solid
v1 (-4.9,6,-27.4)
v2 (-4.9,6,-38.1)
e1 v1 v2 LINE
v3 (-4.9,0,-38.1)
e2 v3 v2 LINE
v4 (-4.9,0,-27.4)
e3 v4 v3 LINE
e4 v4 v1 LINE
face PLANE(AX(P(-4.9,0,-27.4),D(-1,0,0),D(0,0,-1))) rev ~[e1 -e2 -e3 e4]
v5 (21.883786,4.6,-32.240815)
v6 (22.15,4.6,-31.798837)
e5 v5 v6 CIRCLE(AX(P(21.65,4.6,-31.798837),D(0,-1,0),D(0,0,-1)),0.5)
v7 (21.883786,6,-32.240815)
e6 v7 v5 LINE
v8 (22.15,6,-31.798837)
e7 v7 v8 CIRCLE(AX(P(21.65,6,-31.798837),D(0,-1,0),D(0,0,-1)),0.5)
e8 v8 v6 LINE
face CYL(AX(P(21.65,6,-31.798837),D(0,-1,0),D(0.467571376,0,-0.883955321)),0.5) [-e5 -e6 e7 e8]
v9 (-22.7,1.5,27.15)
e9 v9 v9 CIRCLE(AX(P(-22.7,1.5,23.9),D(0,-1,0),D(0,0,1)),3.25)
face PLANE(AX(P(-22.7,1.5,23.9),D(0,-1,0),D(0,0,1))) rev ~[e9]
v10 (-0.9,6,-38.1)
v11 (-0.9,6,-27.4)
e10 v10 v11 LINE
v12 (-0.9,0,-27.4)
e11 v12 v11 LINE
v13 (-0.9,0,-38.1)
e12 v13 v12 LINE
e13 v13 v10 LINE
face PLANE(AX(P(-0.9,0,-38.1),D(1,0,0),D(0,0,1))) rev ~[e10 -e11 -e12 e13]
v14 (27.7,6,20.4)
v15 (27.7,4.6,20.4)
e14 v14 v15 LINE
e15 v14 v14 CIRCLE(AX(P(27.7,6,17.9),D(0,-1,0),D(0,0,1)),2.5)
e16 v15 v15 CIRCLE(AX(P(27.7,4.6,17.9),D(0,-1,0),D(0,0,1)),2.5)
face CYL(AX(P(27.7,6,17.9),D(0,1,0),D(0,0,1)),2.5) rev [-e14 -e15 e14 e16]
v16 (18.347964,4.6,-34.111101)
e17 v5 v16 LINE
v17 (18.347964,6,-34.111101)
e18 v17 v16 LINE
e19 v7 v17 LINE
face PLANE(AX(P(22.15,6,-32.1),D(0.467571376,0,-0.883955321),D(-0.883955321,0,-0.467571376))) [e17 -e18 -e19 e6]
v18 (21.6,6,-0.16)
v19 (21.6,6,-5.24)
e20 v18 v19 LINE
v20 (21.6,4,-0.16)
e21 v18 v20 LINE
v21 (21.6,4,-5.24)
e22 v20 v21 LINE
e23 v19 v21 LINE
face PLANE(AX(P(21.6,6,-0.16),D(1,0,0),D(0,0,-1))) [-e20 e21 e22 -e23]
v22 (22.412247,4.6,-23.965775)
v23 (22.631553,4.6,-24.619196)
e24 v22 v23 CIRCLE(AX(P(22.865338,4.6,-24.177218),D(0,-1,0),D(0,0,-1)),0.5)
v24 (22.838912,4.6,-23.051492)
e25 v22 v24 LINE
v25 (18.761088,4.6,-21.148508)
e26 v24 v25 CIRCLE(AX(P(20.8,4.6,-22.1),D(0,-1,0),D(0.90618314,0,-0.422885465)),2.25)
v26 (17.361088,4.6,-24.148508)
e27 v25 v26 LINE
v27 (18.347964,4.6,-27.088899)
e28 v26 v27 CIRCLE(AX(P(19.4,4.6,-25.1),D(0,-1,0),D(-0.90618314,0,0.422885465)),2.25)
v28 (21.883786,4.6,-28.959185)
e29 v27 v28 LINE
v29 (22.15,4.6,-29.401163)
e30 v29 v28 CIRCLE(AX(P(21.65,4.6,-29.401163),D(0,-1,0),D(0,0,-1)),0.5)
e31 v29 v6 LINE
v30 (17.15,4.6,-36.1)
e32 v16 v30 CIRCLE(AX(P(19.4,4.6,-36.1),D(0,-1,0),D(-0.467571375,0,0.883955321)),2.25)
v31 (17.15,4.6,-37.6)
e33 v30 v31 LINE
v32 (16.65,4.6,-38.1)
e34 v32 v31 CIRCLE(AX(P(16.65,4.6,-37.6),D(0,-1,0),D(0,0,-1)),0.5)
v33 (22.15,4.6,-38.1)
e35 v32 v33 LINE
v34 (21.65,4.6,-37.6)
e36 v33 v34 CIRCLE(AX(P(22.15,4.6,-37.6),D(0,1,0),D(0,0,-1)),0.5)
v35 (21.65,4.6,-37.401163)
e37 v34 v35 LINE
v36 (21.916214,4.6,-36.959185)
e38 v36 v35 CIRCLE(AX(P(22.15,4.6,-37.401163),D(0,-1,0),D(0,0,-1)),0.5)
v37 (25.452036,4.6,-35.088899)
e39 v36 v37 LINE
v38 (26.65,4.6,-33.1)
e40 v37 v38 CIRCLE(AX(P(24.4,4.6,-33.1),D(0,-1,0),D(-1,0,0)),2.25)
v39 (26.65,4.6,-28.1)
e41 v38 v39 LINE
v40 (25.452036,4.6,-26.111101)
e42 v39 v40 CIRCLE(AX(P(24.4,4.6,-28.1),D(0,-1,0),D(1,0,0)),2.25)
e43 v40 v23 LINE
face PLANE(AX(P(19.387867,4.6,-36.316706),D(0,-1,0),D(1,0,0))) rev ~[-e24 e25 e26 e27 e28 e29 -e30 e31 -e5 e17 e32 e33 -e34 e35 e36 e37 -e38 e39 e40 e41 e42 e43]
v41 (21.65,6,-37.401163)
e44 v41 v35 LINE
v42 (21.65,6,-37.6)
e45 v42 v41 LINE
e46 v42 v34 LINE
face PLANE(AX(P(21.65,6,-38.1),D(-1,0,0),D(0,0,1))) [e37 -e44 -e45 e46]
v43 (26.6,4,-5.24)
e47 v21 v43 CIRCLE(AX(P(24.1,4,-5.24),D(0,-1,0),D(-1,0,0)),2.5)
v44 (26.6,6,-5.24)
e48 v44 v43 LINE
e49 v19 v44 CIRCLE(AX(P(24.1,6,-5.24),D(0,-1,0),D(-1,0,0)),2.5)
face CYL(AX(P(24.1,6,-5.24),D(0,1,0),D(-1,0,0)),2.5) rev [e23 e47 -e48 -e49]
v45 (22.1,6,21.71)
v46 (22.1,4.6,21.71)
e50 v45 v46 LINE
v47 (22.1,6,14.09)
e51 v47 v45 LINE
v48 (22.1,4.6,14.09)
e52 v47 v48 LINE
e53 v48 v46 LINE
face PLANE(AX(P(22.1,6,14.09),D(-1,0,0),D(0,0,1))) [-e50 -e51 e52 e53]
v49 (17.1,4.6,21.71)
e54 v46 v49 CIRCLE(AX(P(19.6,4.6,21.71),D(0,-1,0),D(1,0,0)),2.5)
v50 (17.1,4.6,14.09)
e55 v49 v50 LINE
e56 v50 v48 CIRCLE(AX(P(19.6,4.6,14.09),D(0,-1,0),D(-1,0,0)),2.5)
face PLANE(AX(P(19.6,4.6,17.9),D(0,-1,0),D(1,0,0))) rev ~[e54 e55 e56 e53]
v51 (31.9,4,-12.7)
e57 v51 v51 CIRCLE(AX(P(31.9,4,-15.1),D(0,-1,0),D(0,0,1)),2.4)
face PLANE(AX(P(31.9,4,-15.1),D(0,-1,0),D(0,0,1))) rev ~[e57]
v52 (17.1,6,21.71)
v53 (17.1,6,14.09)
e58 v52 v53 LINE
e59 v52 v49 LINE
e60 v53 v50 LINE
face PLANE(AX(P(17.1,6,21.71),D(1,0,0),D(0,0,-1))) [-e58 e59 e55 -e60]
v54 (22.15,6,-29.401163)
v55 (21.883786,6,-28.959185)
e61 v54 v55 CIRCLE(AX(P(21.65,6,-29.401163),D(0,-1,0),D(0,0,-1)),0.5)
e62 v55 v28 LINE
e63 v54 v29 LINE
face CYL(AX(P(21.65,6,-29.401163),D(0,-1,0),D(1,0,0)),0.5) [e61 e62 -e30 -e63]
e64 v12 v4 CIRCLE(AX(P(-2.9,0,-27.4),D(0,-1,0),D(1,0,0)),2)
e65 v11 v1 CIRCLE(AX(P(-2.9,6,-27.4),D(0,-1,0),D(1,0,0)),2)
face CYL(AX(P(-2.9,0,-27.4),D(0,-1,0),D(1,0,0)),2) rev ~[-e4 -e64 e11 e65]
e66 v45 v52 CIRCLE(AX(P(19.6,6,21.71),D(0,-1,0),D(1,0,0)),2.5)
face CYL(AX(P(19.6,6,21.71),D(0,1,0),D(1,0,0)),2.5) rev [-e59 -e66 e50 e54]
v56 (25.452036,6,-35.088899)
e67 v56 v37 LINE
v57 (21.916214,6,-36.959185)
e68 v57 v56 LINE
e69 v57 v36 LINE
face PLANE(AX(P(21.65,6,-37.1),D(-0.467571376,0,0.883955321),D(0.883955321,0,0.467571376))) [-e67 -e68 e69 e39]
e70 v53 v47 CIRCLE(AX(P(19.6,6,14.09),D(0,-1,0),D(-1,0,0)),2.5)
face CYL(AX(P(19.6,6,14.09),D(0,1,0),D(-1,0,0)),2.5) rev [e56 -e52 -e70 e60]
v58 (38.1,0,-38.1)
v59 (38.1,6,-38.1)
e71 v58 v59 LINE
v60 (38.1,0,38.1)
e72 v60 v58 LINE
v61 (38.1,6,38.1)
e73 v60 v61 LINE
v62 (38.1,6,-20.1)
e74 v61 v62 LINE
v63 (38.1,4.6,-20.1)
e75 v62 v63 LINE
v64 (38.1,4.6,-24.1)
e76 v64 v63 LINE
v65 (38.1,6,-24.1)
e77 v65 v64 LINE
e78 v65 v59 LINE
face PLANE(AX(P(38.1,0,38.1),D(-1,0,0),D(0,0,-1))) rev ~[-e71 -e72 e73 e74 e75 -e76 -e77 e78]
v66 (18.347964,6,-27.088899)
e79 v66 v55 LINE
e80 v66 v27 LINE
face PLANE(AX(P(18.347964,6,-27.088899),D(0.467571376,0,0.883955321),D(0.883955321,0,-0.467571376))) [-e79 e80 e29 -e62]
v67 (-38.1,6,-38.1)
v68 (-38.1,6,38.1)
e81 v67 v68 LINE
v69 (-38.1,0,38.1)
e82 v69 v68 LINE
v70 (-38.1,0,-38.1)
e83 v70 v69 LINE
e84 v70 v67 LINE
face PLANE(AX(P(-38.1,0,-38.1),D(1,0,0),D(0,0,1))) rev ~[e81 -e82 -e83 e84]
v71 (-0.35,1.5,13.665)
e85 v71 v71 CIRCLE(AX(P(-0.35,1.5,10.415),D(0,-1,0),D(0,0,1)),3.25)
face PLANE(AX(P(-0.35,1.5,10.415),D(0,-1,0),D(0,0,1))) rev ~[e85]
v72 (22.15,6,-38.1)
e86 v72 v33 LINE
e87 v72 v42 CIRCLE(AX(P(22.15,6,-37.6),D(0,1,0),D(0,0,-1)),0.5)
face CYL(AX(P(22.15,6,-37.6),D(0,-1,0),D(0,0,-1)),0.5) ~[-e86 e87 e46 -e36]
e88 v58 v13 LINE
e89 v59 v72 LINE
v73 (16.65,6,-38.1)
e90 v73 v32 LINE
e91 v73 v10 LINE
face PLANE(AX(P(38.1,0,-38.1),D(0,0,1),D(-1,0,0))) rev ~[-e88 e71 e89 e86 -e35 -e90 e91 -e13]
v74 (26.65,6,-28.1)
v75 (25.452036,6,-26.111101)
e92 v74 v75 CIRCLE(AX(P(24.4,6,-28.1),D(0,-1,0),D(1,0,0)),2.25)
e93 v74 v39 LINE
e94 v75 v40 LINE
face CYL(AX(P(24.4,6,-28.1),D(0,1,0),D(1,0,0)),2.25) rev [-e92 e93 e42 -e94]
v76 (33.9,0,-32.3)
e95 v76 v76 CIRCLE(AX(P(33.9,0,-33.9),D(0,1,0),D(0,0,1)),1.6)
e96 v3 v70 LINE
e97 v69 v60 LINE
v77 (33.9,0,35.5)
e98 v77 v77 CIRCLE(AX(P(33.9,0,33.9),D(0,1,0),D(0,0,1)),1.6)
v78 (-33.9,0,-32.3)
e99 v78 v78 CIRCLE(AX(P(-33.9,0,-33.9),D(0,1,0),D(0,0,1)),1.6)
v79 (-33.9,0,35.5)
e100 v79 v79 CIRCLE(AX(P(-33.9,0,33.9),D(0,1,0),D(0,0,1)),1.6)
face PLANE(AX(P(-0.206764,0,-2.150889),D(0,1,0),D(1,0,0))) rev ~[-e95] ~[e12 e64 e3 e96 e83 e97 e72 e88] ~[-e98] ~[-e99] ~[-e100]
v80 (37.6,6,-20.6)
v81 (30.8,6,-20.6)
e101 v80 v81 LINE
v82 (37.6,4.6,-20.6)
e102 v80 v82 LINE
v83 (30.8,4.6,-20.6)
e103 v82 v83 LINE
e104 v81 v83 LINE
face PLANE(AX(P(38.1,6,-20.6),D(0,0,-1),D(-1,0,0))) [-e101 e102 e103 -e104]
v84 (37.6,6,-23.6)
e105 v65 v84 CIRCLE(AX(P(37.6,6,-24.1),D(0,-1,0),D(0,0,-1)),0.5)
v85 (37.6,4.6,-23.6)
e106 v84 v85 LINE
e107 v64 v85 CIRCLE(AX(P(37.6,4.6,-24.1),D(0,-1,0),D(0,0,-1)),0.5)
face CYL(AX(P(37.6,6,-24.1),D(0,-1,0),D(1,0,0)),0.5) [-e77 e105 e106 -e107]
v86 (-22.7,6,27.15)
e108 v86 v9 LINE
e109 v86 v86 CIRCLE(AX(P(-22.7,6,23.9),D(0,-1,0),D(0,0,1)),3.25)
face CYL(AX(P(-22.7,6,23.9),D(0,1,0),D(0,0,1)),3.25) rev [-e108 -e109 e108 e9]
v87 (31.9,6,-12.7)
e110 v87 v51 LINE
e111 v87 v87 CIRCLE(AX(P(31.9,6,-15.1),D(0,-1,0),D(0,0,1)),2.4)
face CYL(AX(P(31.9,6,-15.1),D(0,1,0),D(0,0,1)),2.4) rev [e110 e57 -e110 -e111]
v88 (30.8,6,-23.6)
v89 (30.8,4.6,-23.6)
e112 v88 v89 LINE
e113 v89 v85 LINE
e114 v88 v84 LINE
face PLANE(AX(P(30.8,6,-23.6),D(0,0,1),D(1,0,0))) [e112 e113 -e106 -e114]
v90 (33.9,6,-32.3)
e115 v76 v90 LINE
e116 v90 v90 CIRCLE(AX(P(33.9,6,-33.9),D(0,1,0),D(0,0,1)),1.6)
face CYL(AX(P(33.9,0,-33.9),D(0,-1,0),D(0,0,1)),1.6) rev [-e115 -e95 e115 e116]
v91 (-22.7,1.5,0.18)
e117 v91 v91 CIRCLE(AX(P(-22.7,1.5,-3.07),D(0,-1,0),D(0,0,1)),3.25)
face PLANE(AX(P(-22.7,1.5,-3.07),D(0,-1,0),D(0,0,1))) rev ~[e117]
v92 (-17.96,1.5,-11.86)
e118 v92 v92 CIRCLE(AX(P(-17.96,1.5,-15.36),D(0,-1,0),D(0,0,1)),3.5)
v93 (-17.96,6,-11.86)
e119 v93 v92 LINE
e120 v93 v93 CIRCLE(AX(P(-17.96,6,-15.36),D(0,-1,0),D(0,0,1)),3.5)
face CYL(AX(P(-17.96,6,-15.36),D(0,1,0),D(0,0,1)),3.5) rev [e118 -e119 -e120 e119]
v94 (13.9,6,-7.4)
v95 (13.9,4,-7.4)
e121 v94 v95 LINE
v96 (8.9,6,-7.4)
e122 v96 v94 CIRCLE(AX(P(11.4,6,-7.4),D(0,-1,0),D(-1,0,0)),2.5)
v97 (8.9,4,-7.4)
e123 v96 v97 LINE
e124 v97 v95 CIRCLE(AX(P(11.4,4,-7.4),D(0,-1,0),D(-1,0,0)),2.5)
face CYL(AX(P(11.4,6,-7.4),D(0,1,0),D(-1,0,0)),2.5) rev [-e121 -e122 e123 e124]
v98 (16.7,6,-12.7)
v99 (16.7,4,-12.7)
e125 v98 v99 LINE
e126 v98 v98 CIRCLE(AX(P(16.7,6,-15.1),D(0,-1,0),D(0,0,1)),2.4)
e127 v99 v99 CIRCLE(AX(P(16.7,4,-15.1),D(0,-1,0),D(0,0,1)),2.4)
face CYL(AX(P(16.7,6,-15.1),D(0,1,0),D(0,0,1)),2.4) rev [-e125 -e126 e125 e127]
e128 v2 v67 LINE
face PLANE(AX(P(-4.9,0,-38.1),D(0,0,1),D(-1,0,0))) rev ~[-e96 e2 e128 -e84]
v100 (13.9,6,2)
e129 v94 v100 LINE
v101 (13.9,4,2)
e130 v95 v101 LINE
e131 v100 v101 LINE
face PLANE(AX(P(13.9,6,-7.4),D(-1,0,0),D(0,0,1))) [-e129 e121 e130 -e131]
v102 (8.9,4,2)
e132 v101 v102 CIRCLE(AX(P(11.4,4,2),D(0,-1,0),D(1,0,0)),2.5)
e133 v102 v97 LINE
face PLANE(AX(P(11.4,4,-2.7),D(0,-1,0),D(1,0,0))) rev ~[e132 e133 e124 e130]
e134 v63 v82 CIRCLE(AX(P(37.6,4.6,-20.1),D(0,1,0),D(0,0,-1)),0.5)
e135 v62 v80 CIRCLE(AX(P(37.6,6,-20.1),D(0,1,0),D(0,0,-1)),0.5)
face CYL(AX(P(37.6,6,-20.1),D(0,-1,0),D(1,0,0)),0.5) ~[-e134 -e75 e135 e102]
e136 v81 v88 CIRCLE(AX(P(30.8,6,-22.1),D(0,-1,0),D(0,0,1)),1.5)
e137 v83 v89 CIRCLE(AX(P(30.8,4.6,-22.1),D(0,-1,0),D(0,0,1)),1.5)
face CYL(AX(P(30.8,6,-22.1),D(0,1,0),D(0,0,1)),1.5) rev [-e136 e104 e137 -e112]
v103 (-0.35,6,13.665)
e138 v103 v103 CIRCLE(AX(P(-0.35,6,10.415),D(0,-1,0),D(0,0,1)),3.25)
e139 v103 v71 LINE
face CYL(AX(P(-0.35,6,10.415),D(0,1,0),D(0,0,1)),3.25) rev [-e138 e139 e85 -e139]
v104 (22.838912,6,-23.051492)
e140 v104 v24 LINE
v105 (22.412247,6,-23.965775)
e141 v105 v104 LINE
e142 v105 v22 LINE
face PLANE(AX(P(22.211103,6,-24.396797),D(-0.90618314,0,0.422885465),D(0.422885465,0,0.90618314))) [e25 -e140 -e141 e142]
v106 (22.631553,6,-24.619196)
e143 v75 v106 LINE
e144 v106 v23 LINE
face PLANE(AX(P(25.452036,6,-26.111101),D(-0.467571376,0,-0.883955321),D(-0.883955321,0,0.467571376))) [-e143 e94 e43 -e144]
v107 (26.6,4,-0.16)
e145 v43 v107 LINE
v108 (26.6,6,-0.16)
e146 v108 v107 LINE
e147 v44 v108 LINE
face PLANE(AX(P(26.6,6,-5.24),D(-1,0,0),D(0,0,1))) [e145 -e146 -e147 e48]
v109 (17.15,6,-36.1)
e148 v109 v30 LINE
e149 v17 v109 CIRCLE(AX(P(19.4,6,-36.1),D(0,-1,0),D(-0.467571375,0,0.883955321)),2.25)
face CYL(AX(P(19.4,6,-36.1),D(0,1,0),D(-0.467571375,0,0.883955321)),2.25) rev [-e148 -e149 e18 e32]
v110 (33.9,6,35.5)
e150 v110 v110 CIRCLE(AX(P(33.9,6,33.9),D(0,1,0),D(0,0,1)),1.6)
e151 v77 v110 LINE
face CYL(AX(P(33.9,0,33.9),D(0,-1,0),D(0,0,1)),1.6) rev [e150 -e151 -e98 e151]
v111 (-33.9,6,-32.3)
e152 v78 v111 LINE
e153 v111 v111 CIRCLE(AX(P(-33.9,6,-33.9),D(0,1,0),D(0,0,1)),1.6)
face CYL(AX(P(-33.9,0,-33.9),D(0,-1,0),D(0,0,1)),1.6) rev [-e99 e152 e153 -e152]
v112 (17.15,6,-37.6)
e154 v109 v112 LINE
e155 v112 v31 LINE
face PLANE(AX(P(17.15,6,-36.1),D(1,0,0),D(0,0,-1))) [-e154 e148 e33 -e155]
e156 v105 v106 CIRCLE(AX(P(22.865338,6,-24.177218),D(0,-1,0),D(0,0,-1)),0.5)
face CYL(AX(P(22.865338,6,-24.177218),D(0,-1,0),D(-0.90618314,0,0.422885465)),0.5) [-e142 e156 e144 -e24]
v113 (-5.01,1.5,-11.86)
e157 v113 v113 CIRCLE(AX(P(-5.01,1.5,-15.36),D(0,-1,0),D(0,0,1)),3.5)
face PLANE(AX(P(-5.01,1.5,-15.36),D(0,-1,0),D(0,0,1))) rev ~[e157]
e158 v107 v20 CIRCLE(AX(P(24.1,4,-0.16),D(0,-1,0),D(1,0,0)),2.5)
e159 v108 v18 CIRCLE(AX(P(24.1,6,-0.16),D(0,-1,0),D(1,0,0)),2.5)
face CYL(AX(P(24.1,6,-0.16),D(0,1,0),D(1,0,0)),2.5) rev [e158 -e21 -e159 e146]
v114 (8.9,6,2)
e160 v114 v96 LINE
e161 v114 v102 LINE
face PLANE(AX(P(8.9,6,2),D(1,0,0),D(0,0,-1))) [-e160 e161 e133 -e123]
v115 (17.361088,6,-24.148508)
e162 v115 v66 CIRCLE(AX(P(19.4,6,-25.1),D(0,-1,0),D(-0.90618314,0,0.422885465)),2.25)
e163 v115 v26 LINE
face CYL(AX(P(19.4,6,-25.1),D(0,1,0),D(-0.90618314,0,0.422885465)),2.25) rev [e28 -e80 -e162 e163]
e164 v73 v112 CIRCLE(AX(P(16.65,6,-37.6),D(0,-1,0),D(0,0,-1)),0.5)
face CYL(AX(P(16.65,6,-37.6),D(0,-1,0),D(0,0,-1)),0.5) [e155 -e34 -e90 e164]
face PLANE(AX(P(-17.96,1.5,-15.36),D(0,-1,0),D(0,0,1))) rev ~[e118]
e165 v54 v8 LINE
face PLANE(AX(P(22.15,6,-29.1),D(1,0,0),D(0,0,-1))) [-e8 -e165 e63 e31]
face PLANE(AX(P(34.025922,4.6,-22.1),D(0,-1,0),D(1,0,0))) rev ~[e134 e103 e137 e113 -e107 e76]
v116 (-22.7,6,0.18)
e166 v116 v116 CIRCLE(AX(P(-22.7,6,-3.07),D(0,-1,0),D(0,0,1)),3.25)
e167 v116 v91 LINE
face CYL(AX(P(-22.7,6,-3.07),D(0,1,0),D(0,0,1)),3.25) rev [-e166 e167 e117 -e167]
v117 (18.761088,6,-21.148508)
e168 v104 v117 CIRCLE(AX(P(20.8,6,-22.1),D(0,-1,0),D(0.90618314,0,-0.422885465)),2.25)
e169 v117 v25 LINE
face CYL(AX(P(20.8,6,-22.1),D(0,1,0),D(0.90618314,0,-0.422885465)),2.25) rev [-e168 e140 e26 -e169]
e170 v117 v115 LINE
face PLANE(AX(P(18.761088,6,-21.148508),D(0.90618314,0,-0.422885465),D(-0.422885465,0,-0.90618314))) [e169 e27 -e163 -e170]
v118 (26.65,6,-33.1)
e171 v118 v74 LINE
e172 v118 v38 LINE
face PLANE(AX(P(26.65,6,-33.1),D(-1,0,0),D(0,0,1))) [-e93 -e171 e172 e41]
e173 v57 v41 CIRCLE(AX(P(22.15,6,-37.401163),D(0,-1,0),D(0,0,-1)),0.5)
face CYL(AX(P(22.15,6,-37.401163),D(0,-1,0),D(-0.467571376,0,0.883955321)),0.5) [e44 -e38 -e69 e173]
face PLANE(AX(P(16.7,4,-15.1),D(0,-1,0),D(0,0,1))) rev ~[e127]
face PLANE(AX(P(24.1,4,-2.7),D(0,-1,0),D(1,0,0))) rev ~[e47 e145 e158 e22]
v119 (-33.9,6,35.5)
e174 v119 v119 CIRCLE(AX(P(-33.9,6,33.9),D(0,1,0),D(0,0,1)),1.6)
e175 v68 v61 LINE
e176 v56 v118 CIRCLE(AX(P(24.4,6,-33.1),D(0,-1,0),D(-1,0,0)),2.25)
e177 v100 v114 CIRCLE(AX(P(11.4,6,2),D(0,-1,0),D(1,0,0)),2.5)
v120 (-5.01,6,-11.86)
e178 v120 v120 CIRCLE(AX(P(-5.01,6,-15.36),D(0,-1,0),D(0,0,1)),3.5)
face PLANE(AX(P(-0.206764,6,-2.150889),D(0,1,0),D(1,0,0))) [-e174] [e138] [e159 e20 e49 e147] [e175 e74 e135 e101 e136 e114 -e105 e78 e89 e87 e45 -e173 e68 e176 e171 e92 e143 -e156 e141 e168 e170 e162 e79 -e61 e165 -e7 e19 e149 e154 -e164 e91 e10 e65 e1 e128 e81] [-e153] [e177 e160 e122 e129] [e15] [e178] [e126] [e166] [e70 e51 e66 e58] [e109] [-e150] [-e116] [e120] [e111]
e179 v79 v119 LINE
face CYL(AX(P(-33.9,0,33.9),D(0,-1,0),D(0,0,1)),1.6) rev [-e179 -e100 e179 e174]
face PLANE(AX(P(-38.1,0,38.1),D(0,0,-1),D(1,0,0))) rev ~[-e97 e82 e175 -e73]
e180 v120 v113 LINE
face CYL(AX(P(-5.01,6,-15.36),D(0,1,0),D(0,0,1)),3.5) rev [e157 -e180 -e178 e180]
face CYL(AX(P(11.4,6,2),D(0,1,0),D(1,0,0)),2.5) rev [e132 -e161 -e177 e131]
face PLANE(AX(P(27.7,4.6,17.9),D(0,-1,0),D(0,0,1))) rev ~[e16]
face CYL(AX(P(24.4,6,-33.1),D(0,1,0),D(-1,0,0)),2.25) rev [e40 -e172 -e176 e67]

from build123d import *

# Parameters (mm, degrees)
BASE_PLATE_R        = 1.6
EXTRUDE_1_DEPTH     = 6
CUT_EXTRUDE_START   = -6
SKETCH_1_R          = 3.25
SKETCH_1_R_2        = 3.5
CUT_EXTRUDE_1_DEPTH = 4.5
SKETCH_1_6_R        = 2.4
CUT_EXTRUDE_2_DEPTH = 2
SKETCH_1_7_R        = 2.5
CUT_EXTRUDE_3_DEPTH = 1.4
FILLET_2_R          = 0.5


with BuildPart() as part:
    # Base plate → 凸台-拉伸1 (new body)
    with BuildSketch(Plane(origin=(0, 0, 0), x_dir=(1, 0, 0), z_dir=(0, 1, 0))):
        with BuildLine():
            Line((-38.1, -38.1), (38.1, -38.1))
            Line((38.1, -38.1), (38.1, 38.1))
            Line((38.1, 38.1), (-0.9, 38.1))
            Line((-0.9, 38.1), (-0.9, 27.4))
            ThreePointArc((-0.9, 27.4), (-2.9, 25.4), (-4.9, 27.4))
            Line((-4.9, 27.4), (-4.9, 38.1))
            Line((-4.9, 38.1), (-38.1, 38.1))
            Line((-38.1, 38.1), (-38.1, -38.1))
        make_face()
        with Locations(Location((-33.9, -33.9, 0), (0, 0, 270))):
            Circle(BASE_PLATE_R, mode=Mode.SUBTRACT)
        with Locations(Location((33.9, -33.9, 0), (0, 0, 270))):
            Circle(BASE_PLATE_R, mode=Mode.SUBTRACT)
        with Locations(Location((-33.9, 33.9, 0), (0, 0, 270))):
            Circle(BASE_PLATE_R, mode=Mode.SUBTRACT)
        with Locations(Location((33.9, 33.9, 0), (0, 0, 270))):
            Circle(BASE_PLATE_R, mode=Mode.SUBTRACT)
    extrude(amount=EXTRUDE_1_DEPTH)

    # 草图1 → 切除-拉伸1 (cut)
    with BuildSketch(Plane.XZ.offset(CUT_EXTRUDE_START)):
        with Locations(Location((-0.35, 10.415, 0), (0, 0, 90))):
            Circle(SKETCH_1_R)
        with Locations(Location((-22.7, 23.9, 0), (0, 0, 90))):
            Circle(SKETCH_1_R)
        with Locations(Location((-22.7, -3.07, 0), (0, 0, 90))):
            Circle(SKETCH_1_R)
        with Locations(Location((-17.96, -15.36, 0), (0, 0, 90))):
            Circle(SKETCH_1_R_2)
        with Locations(Location((-5.01, -15.36, 0), (0, 0, 90))):
            Circle(SKETCH_1_R_2)
    extrude(amount=CUT_EXTRUDE_1_DEPTH, mode=Mode.SUBTRACT)

    # 草图1<6> → 切除-拉伸2 (cut)
    with BuildSketch(Plane.XZ.offset(CUT_EXTRUDE_START)):
        with BuildLine():
            Line((8.9, 2), (8.9, -7.4))
            ThreePointArc((8.9, -7.4), (11.4, -9.9), (13.9, -7.4))
            Line((13.9, -7.4), (13.9, 2))
            ThreePointArc((13.9, 2), (11.4, 4.5), (8.9, 2))
        make_face()
        with BuildLine():
            Line((21.6, -0.16), (21.6, -5.24))
            ThreePointArc((21.6, -5.24), (24.1, -7.74), (26.6, -5.24))
            Line((26.6, -5.24), (26.6, -0.16))
            ThreePointArc((26.6, -0.16), (24.1, 2.34), (21.6, -0.16))
        make_face()
        with Locations(Location((31.9, -15.1, 0), (0, 0, 90))):
            Circle(SKETCH_1_6_R)
        with Locations(Location((16.7, -15.1, 0), (0, 0, 90))):
            Circle(SKETCH_1_6_R)
    extrude(amount=CUT_EXTRUDE_2_DEPTH, mode=Mode.SUBTRACT)

    # 草图1<7> → 切除-拉伸3 (cut)
    with BuildSketch(Plane.XZ.offset(CUT_EXTRUDE_START)):
        with BuildLine():
            Line((17.15, -38.1), (21.65, -38.1))
            Line((21.65, -38.1), (21.65, -37.1))
            Line((21.65, -37.1), (21.65, -36.1))
            ThreePointArc((21.65, -36.1), (20.560909108, -34.172620939), (18.347964405, -34.111100529))
            ThreePointArc((18.347964405, -34.111100529), (17.472620939, -34.939090892), (17.15, -36.1))
            Line((17.15, -36.1), (17.15, -38.1))
        make_face()
        with BuildLine():
            Line((21.65, -36.1), (21.65, -37.1))
            Line((21.65, -37.1), (25.452035595, -35.088899471))
            ThreePointArc((25.452035595, -35.088899471), (23.239090892, -35.027379061), (22.15, -33.1))
            Line((22.15, -33.1), (22.15, -32.1))
            Line((22.15, -32.1), (18.347964405, -34.111100529))
            ThreePointArc((18.347964405, -34.111100529), (20.560909108, -34.172620939), (21.65, -36.1))
        make_face()
        with BuildLine():
            ThreePointArc((22.15, -33.1), (24.4, -35.35), (26.65, -33.1))
            Line((26.65, -33.1), (26.65, -28.1))
            ThreePointArc((26.65, -28.1), (24.4, -25.85), (22.15, -28.1))
            Line((22.15, -28.1), (22.15, -33.1))
        make_face()
        with BuildLine():
            Line((18.347964405, -27.088899471), (22.15, -29.1))
            Line((22.15, -29.1), (22.15, -28.1))
            ThreePointArc((22.15, -28.1), (23.239090892, -26.172620939), (25.452035595, -26.111100529))
            Line((25.452035595, -26.111100529), (22.211102988, -24.396797462))
            Line((22.211102988, -24.396797462), (21.438912065, -26.051492297))
            ThreePointArc((21.438912065, -26.051492297), (20.115915291, -27.233064766), (18.347964405, -27.088899471))
        make_face()
        with BuildLine():
            Line((18.761087935, -21.148507703), (17.361087935, -24.148507703))
            ThreePointArc((17.361087935, -24.148507703), (18.448507703, -27.138912065), (21.438912065, -26.051492297))
            Line((21.438912065, -26.051492297), (22.838912065, -23.051492297))
            ThreePointArc((22.838912065, -23.051492297), (21.751492297, -20.061087935), (18.761087935, -21.148507703))
        make_face()
        with BuildLine():
            Line((38.1, -20.6), (30.8, -20.6))
            ThreePointArc((30.8, -20.6), (29.3, -22.1), (30.8, -23.6))
            Line((30.8, -23.6), (38.1, -23.6))
            Line((38.1, -23.6), (38.1, -20.6))
        make_face()
        with BuildLine():
            Line((17.1, 21.71), (17.1, 14.09))
            ThreePointArc((17.1, 14.09), (19.6, 11.59), (22.1, 14.09))
            Line((22.1, 14.09), (22.1, 21.71))
            ThreePointArc((22.1, 21.71), (19.6, 24.21), (17.1, 21.71))
        make_face()
        with Locations(Location((27.7, 17.9, 0), (0, 0, 90))):
            Circle(SKETCH_1_7_R)
    extrude(amount=CUT_EXTRUDE_3_DEPTH, mode=Mode.SUBTRACT)

    # 圆角2
    fillet_2_edges = [part.edges().sort_by_distance(p)[0] for p in [
        (38.1, 5.3, -23.6),
        (38.1, 5.3, -20.6),
        (21.65, 5.3, -38.1),
        (21.65, 5.3, -37.1),
        (22.211102988, 5.3, -24.396797462),
        (22.15, 5.3, -29.1),
        (22.15, 5.3, -32.1),
        (17.15, 5.3, -38.1),
    ]]
    fillet(fillet_2_edges, radius=FILLET_2_R)


solid = part.part
